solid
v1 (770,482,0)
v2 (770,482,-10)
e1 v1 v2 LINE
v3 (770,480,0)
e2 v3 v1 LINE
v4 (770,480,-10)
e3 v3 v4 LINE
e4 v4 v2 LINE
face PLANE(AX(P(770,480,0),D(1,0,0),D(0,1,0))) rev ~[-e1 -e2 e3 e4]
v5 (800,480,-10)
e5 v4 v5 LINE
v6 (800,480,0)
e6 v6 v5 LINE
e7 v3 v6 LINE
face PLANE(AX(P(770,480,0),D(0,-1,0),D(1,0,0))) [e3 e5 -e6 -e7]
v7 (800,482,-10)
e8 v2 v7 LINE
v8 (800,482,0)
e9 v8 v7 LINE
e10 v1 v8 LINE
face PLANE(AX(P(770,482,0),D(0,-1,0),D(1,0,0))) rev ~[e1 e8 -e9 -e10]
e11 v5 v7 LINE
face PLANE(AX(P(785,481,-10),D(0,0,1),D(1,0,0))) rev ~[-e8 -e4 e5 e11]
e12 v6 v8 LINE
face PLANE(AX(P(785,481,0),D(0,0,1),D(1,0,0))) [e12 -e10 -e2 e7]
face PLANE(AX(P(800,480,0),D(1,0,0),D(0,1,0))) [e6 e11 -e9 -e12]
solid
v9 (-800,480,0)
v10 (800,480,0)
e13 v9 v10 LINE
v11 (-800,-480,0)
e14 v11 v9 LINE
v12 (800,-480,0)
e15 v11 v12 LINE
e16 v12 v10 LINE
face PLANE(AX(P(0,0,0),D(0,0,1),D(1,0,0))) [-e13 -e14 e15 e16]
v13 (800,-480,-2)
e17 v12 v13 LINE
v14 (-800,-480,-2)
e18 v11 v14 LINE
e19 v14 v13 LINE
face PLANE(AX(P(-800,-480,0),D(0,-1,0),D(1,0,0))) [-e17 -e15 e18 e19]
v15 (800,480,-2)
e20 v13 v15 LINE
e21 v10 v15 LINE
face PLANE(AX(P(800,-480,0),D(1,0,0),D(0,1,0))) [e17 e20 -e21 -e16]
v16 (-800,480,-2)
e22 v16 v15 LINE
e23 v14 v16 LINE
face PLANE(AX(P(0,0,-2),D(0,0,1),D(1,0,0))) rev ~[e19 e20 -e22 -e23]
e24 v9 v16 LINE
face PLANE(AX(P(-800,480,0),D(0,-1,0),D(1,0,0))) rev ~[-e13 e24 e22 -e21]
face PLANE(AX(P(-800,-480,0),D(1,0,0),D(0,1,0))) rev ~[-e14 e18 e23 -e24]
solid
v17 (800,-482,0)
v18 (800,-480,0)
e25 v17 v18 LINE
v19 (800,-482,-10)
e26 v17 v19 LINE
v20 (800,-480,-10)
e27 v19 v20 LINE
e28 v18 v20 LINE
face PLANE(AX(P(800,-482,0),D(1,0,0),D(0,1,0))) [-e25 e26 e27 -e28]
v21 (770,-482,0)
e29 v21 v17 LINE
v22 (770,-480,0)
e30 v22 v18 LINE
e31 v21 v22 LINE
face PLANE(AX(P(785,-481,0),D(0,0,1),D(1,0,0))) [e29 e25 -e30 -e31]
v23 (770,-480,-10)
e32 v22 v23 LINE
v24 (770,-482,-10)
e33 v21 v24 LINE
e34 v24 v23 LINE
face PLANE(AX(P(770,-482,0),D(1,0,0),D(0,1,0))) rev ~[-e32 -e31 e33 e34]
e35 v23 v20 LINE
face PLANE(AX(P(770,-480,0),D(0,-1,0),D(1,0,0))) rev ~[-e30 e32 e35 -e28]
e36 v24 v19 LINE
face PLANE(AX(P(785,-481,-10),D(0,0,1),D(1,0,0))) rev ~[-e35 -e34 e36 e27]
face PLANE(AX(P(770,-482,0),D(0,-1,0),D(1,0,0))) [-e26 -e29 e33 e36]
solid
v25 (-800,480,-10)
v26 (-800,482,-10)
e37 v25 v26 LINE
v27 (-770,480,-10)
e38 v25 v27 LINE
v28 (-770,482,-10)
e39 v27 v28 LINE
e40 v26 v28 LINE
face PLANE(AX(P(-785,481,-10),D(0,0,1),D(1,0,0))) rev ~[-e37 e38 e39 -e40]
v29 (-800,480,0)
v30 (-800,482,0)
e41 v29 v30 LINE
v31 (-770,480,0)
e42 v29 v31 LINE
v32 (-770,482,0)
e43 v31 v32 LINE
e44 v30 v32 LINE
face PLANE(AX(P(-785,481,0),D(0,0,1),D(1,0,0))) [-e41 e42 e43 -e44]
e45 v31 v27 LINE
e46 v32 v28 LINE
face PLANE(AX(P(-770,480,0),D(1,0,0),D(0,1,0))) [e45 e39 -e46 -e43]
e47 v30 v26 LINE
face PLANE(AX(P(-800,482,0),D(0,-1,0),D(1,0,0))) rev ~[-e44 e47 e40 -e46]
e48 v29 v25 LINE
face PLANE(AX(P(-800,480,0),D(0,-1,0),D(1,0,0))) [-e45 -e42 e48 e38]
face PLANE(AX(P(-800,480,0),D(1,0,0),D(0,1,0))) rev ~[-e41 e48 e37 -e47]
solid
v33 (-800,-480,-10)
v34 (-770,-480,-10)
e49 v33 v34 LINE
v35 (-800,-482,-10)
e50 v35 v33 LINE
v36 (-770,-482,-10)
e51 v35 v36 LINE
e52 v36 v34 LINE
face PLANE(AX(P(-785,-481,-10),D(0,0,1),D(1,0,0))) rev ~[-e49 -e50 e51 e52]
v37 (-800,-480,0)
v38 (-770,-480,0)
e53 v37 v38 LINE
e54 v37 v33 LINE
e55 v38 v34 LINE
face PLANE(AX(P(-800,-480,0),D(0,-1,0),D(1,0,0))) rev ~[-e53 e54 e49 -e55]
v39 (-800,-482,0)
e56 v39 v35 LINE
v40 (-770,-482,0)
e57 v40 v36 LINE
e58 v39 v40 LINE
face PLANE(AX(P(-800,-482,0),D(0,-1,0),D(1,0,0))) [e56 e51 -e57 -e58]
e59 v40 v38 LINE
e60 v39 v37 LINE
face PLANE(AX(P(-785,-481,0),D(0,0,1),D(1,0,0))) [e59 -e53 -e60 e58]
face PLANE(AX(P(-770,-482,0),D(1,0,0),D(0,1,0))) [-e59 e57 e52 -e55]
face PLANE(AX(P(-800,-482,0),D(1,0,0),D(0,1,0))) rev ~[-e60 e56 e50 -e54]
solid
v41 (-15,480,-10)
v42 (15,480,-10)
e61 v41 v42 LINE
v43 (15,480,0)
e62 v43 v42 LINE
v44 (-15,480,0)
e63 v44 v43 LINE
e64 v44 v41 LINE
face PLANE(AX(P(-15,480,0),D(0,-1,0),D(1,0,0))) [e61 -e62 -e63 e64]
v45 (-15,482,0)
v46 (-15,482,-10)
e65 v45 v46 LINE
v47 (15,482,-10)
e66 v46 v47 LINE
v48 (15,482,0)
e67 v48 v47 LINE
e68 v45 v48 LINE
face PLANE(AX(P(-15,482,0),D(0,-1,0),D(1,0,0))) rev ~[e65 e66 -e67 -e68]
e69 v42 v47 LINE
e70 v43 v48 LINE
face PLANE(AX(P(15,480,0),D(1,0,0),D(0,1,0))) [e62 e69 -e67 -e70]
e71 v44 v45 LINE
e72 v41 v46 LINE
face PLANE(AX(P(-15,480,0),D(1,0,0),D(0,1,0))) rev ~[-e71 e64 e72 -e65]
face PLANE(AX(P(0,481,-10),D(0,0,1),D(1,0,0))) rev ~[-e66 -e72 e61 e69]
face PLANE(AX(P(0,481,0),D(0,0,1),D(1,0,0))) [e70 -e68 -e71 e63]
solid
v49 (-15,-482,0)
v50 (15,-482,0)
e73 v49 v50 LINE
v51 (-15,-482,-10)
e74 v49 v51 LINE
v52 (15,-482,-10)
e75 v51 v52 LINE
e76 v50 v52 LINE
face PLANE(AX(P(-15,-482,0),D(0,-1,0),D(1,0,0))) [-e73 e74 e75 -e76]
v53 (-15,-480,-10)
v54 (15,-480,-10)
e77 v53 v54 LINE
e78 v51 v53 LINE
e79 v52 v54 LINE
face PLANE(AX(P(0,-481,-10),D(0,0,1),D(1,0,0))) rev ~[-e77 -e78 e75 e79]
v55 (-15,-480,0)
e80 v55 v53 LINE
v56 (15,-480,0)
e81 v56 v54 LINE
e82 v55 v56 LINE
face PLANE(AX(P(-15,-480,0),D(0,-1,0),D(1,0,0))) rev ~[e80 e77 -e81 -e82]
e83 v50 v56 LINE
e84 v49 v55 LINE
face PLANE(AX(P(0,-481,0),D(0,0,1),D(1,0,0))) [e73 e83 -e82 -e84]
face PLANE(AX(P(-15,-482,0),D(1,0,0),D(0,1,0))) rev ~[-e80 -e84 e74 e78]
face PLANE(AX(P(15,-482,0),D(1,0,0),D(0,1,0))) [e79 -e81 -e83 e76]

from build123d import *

# Parameters (mm, degrees)
F0_W     = 1600
F0_H     = 960
F1_DEPTH = 2
F2_W     = 30
F2_H     = 2
F3_DEPTH = 10


with BuildPart() as f1:
    # F0 (on Top) → F1 (new body)
    with BuildSketch(Plane.XY):
        Rectangle(F0_W, F0_H)
    extrude(amount=-F1_DEPTH)


with BuildPart() as f3:
    # F2 (on face) → F3 (new body)
    with BuildSketch(Plane.XY):
        with Locations((0, 481)):
            Rectangle(F2_W, F2_H)
        with Locations((785, 481)):
            Rectangle(F2_W, F2_H)
        with Locations((-785, 481)):
            Rectangle(F2_W, F2_H)
        with Locations((0, -481)):
            Rectangle(F2_W, F2_H)
        with Locations((785, -481)):
            Rectangle(F2_W, F2_H)
        with Locations((-785, -481)):
            Rectangle(F2_W, F2_H)
    extrude(amount=-F3_DEPTH)


solid = Compound([f1.part, f3.part])
